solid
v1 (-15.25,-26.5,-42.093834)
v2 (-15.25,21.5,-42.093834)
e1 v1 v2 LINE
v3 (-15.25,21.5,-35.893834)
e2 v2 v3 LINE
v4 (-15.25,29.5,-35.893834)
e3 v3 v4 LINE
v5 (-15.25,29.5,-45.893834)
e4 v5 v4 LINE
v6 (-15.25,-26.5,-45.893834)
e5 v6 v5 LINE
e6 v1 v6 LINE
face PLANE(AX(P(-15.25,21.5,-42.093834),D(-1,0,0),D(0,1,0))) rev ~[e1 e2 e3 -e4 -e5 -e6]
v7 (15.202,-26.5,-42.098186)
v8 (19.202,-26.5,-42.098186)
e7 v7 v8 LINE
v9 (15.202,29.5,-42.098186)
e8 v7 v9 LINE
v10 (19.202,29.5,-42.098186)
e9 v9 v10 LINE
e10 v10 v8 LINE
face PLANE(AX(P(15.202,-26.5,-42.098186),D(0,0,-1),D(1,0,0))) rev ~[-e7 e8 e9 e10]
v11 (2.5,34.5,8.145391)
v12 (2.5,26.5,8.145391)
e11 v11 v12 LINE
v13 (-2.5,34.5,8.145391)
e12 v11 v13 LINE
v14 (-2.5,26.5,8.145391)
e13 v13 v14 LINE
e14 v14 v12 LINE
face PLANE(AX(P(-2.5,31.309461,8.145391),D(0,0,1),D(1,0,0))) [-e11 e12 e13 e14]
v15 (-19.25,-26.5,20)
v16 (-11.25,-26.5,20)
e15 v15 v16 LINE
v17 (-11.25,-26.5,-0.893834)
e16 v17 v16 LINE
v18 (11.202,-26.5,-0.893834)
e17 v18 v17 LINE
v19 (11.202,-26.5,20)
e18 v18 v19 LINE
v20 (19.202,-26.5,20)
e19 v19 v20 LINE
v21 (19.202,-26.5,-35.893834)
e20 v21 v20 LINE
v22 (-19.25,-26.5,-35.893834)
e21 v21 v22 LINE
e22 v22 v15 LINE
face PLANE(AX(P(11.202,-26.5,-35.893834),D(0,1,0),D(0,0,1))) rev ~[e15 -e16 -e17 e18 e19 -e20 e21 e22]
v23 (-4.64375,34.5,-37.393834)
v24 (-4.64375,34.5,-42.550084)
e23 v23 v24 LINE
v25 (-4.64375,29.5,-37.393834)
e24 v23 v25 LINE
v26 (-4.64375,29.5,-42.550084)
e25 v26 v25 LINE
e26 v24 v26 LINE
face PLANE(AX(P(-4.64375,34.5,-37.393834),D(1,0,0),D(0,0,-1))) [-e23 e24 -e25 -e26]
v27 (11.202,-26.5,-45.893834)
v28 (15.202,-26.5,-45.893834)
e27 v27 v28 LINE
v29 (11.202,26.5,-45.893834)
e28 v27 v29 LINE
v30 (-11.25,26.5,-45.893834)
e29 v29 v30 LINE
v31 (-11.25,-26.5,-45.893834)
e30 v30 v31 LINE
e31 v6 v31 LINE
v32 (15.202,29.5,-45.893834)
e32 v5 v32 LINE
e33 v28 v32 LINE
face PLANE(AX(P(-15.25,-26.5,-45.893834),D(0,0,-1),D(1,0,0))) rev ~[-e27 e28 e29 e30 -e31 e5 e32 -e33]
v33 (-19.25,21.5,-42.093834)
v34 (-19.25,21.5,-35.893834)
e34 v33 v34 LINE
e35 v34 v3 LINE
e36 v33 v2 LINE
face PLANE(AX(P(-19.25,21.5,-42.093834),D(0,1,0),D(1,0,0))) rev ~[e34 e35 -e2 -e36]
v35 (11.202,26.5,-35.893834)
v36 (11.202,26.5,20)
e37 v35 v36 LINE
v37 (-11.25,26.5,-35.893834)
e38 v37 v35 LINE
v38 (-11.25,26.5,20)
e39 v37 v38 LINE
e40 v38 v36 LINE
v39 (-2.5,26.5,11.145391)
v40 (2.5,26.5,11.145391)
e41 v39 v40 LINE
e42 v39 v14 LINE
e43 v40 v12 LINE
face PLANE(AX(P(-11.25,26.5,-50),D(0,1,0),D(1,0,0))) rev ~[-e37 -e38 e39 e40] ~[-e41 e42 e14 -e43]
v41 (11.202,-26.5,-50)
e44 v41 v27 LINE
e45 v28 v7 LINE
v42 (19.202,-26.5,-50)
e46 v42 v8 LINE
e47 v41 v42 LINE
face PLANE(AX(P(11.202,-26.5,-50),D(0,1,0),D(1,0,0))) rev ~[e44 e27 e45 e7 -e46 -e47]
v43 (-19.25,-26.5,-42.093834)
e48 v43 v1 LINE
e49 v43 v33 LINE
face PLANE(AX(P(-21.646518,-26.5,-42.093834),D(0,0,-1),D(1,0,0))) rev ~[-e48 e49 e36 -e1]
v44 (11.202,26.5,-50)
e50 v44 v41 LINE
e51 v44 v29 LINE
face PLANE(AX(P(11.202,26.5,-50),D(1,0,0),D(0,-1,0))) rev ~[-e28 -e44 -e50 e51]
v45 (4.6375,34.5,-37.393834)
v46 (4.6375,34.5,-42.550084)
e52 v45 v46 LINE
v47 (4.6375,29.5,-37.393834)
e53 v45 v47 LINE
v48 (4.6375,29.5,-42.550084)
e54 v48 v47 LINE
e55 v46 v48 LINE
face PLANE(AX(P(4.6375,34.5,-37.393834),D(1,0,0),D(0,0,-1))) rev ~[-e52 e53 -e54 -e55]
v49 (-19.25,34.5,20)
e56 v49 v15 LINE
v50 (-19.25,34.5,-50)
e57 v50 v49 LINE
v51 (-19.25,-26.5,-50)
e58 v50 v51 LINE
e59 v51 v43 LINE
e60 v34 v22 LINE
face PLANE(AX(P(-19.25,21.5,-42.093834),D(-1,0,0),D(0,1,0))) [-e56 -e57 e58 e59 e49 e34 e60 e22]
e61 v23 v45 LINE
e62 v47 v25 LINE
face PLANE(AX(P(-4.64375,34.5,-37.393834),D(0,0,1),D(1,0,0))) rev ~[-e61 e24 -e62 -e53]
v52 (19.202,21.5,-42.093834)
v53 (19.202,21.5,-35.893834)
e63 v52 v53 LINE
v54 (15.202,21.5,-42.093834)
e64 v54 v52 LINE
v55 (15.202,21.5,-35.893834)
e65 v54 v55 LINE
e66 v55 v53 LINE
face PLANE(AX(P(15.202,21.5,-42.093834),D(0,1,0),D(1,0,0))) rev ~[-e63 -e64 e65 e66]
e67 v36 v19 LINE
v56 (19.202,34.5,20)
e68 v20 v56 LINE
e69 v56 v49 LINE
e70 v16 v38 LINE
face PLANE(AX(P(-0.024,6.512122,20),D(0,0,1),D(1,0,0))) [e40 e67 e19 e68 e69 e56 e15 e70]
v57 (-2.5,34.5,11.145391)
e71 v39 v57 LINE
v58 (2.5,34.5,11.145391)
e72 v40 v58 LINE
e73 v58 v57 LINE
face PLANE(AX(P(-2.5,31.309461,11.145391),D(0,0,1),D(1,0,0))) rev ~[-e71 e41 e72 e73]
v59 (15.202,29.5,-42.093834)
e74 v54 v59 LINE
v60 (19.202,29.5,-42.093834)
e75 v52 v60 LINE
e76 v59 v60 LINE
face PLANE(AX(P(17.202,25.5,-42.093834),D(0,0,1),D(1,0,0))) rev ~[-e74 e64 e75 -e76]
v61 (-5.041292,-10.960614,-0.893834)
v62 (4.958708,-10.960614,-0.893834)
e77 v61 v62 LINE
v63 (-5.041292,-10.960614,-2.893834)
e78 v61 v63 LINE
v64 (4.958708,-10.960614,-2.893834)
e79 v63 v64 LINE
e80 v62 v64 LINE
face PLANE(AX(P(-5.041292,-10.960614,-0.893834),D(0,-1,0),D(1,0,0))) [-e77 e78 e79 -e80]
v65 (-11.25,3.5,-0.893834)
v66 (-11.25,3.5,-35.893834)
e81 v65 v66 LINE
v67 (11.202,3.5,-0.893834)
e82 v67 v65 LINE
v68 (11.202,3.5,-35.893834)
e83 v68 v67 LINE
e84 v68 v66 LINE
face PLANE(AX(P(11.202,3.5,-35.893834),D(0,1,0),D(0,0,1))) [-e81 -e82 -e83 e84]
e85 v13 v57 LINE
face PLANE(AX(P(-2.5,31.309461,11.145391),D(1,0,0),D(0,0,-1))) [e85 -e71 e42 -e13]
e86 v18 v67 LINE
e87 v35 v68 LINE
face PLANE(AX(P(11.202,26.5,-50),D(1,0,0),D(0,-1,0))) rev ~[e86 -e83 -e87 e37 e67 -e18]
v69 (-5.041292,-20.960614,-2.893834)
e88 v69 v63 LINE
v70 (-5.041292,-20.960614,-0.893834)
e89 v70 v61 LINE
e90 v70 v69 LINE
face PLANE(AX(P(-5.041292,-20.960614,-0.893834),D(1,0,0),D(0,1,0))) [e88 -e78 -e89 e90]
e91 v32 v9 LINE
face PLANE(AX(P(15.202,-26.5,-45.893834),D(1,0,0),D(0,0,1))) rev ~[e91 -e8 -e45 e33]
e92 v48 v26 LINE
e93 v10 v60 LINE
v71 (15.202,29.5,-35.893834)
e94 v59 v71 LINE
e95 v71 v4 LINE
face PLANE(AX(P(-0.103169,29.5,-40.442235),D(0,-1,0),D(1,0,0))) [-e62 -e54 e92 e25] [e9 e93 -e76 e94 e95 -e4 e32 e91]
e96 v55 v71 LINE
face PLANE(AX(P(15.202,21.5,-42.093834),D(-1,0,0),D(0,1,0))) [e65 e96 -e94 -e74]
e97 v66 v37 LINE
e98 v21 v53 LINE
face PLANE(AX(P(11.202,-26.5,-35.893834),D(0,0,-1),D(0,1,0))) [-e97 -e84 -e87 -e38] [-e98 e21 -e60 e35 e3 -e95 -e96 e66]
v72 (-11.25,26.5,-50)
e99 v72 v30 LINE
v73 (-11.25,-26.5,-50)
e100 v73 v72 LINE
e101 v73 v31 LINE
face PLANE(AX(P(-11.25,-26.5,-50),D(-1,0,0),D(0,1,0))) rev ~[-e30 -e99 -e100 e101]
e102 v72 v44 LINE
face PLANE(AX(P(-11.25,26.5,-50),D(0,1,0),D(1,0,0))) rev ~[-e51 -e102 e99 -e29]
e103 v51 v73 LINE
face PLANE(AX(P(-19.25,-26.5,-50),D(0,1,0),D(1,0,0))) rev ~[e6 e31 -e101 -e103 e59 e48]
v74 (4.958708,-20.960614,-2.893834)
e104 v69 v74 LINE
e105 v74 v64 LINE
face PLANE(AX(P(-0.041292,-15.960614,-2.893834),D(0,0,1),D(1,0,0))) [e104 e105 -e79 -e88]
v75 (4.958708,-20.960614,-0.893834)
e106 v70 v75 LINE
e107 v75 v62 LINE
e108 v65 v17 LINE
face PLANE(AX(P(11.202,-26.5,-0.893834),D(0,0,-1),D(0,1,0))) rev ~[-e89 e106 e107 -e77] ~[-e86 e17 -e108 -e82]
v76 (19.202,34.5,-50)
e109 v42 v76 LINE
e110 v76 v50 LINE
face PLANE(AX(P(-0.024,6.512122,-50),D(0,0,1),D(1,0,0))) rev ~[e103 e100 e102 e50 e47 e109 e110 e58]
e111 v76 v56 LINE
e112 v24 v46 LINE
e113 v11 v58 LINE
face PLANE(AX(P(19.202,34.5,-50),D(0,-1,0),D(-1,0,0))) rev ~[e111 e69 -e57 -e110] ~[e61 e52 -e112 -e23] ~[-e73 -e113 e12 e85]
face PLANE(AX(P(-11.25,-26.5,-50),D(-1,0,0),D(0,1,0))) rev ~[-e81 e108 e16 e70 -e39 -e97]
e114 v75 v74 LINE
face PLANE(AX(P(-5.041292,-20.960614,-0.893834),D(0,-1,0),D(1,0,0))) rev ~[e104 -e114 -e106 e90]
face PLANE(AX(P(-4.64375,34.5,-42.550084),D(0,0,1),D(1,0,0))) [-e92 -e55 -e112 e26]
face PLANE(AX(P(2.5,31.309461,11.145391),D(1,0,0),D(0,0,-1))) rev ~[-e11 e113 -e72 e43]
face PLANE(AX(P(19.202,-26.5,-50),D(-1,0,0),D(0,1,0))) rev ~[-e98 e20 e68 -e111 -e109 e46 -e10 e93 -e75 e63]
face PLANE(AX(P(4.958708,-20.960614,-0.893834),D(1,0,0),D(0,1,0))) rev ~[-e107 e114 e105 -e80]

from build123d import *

# Parameters (mm, degrees)
BOSS_EXTRUDE1_DEPTH      = 20
BOSS_EXTRUDE1_DEPTH_BACK = 50
SKETCH4_W                = 5
SKETCH4_H                = 3
CUT_EXTRUDE1_DEPTH       = 25
CUT_EXTRUDE5_DEPTH       = 56
SKETCH10_W               = 35
SKETCH10_H               = 30
BOSS_EXTRUDE2_DEPTH      = 25
SKETCH13_W               = 9.28125
SKETCH13_H               = 5.15625
CUT_EXTRUDE6_DEPTH       = 25
SKETCH16_W               = 4
SKETCH16_H               = 8
BOSS_EXTRUDE4_DEPTH      = 6.2
SKETCH11_W               = 10
SKETCH11_H               = 10
CUT_EXTRUDE7_DEPTH       = 2


with BuildPart() as part:
    # Sketch1 → Boss-Extrude1 (new, two sides: drawn at the far end of the back side and taken through both)
    with BuildSketch(Plane.XY.offset(-BOSS_EXTRUDE1_DEPTH_BACK)):
        Polygon((-19.25, -26.5), (-11.25, -26.5), (-11.25, 26.5), (11.202, 26.5), (11.202, -26.5), (19.202, -26.5), (19.202, 34.5), (-19.25, 34.5), align=None)
    extrude(amount=BOSS_EXTRUDE1_DEPTH + BOSS_EXTRUDE1_DEPTH_BACK)

    # Sketch4 → Cut-Extrude1 (cut, symmetric)
    with BuildSketch(Plane(origin=(0, 31.309460855, 0), x_dir=(1, 0, 0), z_dir=(0, 1, 0))):
        with Locations((0, -9.645390894)):
            Rectangle(SKETCH4_W, SKETCH4_H)
    extrude(amount=CUT_EXTRUDE1_DEPTH, both=True, mode=Mode.SUBTRACT)

    # Sketch9 → Cut-Extrude5 (cut)
    with BuildSketch(Plane.XZ.offset(26.5)):
        Polygon((-15.25, -45.893834316), (15.202, -45.893834316), (15.202, -42.098185739), (21.427419281, -42.098185739), (21.427419281, -35.893834316), (15.202, -35.893834316), (-15.25, -35.893834316), (-21.646518422, -35.893834316), (-21.646518422, -42.093834316), (-15.25, -42.093834316), align=None)
    extrude(amount=-CUT_EXTRUDE5_DEPTH, mode=Mode.SUBTRACT)

    # Sketch10 → Boss-Extrude2 (add)
    with BuildSketch(Plane.ZY.offset(-11.202)):
        with Locations((-18.393834316, -11.5)):
            Rectangle(SKETCH10_W, SKETCH10_H)
    extrude(amount=BOSS_EXTRUDE2_DEPTH)

    # Sketch13 → Cut-Extrude6 (cut)
    with BuildSketch(Plane(origin=(0, 34.5, 0), x_dir=(1, 0, 0), z_dir=(0, 1, 0))):
        with Locations((-0.003125, 39.971959316)):
            Rectangle(SKETCH13_W, SKETCH13_H)
    extrude(amount=-CUT_EXTRUDE6_DEPTH, mode=Mode.SUBTRACT)

    # Sketch16 → Boss-Extrude4 (add)
    with BuildSketch(Plane.XY.offset(-42.093834316)):
        with Locations((-17.25, 25.5)):
            Rectangle(SKETCH16_W, SKETCH16_H)
        with Locations((17.202, 25.5)):
            Rectangle(SKETCH16_W, SKETCH16_H)
    extrude(amount=BOSS_EXTRUDE4_DEPTH)

    # Sketch11 → Cut-Extrude7 (cut)
    with BuildSketch(Plane.XY.offset(-0.893834316)):
        with Locations((-0.041292147, -15.960614003)):
            Rectangle(SKETCH11_W, SKETCH11_H)
    extrude(amount=-CUT_EXTRUDE7_DEPTH, mode=Mode.SUBTRACT)


solid = part.part
